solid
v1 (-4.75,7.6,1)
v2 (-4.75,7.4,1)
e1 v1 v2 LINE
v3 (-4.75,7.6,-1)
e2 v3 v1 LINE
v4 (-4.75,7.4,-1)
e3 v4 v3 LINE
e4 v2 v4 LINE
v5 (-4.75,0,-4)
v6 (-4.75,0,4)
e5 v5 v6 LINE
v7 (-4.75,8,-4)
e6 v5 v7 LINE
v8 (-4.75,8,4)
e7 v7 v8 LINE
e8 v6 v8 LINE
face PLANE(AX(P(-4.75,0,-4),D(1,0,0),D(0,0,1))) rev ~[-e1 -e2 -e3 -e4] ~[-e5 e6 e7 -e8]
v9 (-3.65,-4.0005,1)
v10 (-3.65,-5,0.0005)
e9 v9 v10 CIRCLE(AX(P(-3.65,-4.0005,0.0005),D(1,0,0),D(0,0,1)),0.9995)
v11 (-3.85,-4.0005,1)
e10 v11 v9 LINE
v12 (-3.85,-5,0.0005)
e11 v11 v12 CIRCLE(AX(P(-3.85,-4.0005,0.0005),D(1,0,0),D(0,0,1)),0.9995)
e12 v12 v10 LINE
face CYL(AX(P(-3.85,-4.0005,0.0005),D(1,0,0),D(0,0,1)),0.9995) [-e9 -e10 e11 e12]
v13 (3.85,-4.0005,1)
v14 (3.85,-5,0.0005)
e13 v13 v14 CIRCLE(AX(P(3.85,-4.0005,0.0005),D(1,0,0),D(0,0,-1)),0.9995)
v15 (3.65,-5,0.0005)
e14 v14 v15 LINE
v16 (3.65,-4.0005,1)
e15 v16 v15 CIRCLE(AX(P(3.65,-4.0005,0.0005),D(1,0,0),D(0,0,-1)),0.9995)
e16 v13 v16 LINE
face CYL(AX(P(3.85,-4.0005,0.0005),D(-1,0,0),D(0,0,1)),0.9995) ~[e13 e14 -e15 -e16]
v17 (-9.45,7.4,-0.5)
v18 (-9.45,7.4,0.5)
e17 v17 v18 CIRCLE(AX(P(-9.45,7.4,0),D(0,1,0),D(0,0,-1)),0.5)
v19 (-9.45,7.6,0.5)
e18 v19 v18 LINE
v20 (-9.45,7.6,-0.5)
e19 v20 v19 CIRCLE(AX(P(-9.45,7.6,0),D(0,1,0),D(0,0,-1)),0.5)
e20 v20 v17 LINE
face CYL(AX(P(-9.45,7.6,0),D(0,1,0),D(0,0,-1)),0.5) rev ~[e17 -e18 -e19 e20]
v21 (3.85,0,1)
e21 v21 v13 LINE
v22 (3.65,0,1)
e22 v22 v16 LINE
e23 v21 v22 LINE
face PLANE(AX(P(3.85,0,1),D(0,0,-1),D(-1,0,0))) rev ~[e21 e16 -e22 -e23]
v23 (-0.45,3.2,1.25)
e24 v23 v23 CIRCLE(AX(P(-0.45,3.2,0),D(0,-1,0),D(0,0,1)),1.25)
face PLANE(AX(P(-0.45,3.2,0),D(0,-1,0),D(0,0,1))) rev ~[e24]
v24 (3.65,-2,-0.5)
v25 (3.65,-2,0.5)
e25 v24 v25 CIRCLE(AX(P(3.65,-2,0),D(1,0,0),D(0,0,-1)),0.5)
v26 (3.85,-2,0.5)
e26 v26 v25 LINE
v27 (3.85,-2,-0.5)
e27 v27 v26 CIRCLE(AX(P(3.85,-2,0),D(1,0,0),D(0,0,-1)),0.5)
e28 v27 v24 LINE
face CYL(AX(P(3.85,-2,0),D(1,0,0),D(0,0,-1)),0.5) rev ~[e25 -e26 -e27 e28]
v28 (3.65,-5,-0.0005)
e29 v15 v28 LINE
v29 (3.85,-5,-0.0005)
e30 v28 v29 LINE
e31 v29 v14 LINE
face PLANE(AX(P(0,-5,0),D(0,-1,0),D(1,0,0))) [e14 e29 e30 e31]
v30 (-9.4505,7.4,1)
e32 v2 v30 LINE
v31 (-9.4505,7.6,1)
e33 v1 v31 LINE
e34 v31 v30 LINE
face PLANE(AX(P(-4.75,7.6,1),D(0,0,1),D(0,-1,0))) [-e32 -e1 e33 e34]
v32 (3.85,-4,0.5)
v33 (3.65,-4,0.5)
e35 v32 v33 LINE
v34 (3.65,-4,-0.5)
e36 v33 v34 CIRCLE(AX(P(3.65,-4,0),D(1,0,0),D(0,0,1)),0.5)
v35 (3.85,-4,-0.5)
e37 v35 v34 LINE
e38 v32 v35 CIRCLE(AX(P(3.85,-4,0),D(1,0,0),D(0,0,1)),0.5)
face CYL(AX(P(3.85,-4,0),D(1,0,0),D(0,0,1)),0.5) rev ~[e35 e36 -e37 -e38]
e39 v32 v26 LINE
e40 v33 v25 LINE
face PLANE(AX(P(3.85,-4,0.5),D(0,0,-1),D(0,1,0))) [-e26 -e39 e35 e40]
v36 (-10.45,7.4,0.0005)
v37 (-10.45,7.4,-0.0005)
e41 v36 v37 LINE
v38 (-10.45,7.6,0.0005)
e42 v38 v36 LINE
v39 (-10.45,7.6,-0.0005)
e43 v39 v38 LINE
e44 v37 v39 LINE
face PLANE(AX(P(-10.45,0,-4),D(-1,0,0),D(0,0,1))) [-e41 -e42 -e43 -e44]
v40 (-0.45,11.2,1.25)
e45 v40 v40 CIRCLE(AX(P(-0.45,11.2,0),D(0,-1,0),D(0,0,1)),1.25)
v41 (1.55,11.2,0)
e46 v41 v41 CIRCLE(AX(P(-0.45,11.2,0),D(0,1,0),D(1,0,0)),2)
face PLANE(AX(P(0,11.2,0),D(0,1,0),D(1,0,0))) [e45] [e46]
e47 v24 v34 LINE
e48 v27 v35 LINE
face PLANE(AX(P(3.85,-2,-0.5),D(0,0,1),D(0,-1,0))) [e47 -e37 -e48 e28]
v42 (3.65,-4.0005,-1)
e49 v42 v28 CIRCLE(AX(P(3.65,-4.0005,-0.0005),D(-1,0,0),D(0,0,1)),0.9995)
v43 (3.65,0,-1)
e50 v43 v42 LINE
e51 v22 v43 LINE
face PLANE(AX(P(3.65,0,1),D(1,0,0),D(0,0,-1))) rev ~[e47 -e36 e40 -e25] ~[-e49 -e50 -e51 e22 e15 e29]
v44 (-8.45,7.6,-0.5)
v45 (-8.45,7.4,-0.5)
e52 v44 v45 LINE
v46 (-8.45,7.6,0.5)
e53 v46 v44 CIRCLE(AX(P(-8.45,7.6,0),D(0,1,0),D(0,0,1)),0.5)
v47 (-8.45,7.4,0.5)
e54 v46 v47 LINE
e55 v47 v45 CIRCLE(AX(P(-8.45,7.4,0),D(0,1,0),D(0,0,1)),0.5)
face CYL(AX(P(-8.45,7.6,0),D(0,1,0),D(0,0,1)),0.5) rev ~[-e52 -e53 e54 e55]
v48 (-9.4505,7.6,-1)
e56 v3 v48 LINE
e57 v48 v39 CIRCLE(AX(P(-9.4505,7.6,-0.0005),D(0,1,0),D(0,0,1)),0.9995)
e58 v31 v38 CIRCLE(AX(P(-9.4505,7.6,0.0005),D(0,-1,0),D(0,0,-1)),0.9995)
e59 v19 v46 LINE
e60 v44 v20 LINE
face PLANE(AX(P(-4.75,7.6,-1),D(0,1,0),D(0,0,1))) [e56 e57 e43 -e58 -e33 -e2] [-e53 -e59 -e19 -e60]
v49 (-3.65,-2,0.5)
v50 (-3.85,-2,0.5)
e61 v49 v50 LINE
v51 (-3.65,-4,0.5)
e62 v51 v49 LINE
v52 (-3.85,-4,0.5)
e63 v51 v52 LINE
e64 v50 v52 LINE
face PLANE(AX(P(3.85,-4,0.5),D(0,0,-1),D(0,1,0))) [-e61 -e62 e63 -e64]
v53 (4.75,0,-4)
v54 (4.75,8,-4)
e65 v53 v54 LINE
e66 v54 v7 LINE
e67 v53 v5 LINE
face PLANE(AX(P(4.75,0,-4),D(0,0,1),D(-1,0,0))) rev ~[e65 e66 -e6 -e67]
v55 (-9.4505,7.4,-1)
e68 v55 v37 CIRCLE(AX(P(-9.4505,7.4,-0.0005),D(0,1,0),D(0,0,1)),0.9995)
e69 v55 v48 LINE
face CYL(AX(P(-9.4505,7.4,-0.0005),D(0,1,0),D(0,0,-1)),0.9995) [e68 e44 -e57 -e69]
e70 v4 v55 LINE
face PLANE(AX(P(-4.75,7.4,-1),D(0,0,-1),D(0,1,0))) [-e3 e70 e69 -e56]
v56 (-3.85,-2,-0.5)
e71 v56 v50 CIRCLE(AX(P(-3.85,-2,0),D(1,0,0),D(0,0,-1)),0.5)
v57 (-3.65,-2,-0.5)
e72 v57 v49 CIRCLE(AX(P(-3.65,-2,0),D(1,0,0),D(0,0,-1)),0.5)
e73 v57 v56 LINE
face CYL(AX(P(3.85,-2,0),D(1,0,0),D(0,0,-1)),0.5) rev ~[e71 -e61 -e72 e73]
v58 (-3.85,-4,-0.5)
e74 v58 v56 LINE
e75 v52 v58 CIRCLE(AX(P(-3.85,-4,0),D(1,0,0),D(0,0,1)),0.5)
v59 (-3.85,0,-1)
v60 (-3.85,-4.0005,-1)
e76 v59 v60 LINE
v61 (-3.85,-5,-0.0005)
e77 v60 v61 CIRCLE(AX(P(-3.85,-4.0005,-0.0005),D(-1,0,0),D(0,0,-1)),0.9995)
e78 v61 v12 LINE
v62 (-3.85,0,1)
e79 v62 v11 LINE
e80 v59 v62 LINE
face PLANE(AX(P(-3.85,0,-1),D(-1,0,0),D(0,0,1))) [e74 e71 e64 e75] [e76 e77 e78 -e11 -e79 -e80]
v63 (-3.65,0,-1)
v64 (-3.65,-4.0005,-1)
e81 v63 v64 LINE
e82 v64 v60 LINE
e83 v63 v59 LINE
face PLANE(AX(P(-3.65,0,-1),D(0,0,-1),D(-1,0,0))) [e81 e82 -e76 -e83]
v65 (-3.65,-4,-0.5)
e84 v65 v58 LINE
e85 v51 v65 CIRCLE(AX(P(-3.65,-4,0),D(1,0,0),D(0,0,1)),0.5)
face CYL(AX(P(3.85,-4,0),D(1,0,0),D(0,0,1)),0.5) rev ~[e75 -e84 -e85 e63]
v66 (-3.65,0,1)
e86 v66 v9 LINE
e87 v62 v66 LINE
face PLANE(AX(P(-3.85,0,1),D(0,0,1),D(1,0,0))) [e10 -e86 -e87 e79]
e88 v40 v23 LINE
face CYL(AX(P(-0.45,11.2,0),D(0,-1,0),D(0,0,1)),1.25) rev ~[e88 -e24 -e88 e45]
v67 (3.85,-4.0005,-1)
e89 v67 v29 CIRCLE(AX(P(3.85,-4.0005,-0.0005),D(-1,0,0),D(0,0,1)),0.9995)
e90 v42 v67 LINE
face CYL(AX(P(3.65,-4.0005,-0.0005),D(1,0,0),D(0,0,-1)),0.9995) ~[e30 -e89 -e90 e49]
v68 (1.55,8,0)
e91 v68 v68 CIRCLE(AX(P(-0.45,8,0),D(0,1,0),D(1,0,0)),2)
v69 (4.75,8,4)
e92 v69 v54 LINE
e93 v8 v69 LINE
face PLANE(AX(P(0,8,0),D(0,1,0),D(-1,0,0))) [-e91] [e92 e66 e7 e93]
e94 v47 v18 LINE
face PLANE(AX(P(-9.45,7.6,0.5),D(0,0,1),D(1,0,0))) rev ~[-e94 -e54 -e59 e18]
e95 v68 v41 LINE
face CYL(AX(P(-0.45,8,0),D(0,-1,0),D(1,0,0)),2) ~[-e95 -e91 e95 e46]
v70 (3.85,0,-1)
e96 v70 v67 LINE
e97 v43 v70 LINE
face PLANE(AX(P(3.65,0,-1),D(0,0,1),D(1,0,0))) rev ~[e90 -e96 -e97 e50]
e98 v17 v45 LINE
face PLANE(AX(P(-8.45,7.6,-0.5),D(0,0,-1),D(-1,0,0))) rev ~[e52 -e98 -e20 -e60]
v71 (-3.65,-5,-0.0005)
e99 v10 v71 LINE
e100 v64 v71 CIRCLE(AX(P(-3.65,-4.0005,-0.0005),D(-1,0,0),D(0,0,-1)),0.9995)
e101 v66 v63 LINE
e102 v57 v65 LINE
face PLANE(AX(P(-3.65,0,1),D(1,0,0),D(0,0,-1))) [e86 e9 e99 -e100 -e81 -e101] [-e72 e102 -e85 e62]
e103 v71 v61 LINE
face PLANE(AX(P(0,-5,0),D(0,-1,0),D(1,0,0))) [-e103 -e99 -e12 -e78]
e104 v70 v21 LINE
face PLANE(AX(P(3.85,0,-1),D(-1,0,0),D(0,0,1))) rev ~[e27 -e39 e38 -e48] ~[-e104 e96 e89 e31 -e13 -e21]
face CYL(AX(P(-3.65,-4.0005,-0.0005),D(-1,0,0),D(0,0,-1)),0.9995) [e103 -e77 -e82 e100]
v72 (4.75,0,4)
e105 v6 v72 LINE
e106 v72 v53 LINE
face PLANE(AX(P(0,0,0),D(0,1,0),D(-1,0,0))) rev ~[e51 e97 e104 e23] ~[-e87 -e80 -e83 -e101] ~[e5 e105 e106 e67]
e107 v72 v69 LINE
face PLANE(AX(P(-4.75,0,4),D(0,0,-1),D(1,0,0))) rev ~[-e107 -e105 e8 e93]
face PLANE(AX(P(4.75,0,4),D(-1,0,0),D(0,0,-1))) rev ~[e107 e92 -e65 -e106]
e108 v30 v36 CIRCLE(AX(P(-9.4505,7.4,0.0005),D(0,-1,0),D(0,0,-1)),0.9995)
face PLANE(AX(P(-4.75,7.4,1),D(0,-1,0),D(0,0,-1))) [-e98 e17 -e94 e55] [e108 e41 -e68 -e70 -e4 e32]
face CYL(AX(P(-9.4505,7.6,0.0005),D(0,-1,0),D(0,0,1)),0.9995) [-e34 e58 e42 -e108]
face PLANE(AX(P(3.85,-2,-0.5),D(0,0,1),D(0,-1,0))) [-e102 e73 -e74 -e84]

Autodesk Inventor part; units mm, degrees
ref_plane "YZ Plane" through (0, 0, 0) normal (1, 0, 0) x (0, 1, 0)
ref_plane "XZ Plane" through (0, 0, 0) normal (0, 1, 0) x (-1, 0, 0)
ref_plane "XY Plane" through (0, 0, 0) normal (0, 0, 1) x (1, 0, 0)
sketch "Sketch1" plane through (0, 0, 0) normal (0, 1, 0) x (-1, 0, 0)
  line L0 (4.75, 4) -> (-4.75, 4)
  line L1 (-4.75, 4) -> (-4.75, -4)
  line L2 (-4.75, -4) -> (4.75, -4)
  line L3 (4.75, -4) -> (4.75, 4)
  line L4 (4.75, 4) -> (-4.75, -4) construction
  line L5 (-4.75, 4) -> (4.75, -4) construction
  point P0 (0, 0)
  dimension "d0" = 9.5
  dimension "d1" = 8
extrude "Extrusion1" add sketch "Sketch1" along normal blind 8
sketch "Sketch2" plane through (0, 8, 0) normal (0, 1, 0) x (1, 0, 0)
  circle A0 centre (-0.45, 0) radius 2
  line L0 (-4.75, 4) -> (-4.75, -4) projected
  line L1 (4.75, 4) -> (-4.75, 4) projected
  point P0 (0, 0)
  dimension "d4" = 4
  dimension "d5" = 4.3
  dimension "d6" = 4
extrude "Extrusion2" add sketch "Sketch2" along normal blind 3.2
sketch "Sketch3" plane through (-0.45, 11.2, 0) normal (0, 1, 0) x (1, 0, 0)
  point P0 (0.45, 0)
  point P1 (0, 0)
hole "Hole1" at (-0.45, 11.2, 0) direction (0, -1, 0) diameter 2.5 depth 8
sketch "Sketch4" plane through (0, 0, 0) normal (0, -1, 0) x (1, 0, 0)
  line L0 (-3.65, -1) -> (-3.85, -1)
  line L1 (-3.85, -1) -> (-3.85, 1)
  line L2 (-3.85, 1) -> (-3.65, 1)
  line L3 (-3.65, 1) -> (-3.65, -1)
  line L4 (-3.65, -1) -> (-3.85, 1) construction
  line L5 (-3.85, -1) -> (-3.65, 1) construction
  line L6 (3.65, -1) -> (3.85, -1)
  line L7 (3.85, -1) -> (3.85, 1)
  line L8 (3.85, 1) -> (3.65, 1)
  line L9 (3.65, 1) -> (3.65, -1)
  line L10 (3.65, -1) -> (3.85, 1) construction
  line L11 (3.85, -1) -> (3.65, 1) construction
  line L12 (4.75, 4) -> (4.75, -4) projected
  line L13 (-4.75, 4) -> (4.75, 4) projected
  point P0 (0, 0)
  point P1 (-3.75, 0)
  point P2 (3.75, 0)
  point P3 (3.65, 0)
  dimension "d16" = 0.2
  dimension "d17" = 2
  dimension "d18" = 0.2
  dimension "d19" = 2
  dimension "d20" = 7.5
  dimension "d21" = 1
  dimension "d22" = 4
extrude "Extrusion3" add sketch "Sketch4" along normal blind 5
fillet "Fillet1" radius 1 4 edges at (3.75, -5, -1) (3.75, -5, 1) (-3.75, -5, 1) (-3.75, -5, -1)
sketch "Sketch5" plane through (3.85, 0, 1) normal (1, 0, 0) x (0, 0, -1)
  line L0 (1, -2) -> (1, -4) construction
  line L1 (1.5, -2) -> (1.5, -4)
  line L2 (0.5, -4) -> (0.5, -2)
  arc A0 (1.5, -2) -> (0.5, -2) centre (1, -2) ccw
  arc A1 (0.5, -4) -> (1.5, -4) centre (1, -4) ccw
  line L3 (0, 0) -> (0, -4) projected
  arc A2 (0, -4) -> (2, -4) centre (1, -4) ccw projected
  point P0 (1, 0)
  point P1 (1, -3)
  dimension "d26" = 1
  dimension "d27" = 1
  dimension "d28" = 0.5
  dimension "d29" = 0.5
extrude "Extrusion4" cut sketch "Sketch5" against normal through all
sketch "Sketch6" plane through (-4.75, 0, -4) normal (-1, 0, 0) x (0, 0, 1)
  line L0 (3, 7.6) -> (5, 7.6)
  line L1 (5, 7.6) -> (5, 7.4)
  line L2 (5, 7.4) -> (3, 7.4)
  line L3 (3, 7.4) -> (3, 7.6)
  line L4 (3, 7.6) -> (5, 7.4) construction
  line L5 (5, 7.6) -> (3, 7.4) construction
  line L6 (0, 0) -> (0, 8) projected
  line L7 (0, 8) -> (8, 8) projected
  point P0 (4, 0)
  point P1 (4, 7.5)
  dimension "d32" = 2
  dimension "d33" = 0.2
  dimension "d34" = 4
  dimension "d35" = 0.5
extrude "Extrusion5" add sketch "Sketch6" along normal blind 5.7
fillet "Fillet2" radius 1 2 edges at (-10.45, 7.5, 1) (-10.45, 7.5, -1)
sketch "Sketch7" plane through (-4.75, 7.6, 1) normal (0, 1, 0) x (1, 0, 0)
  line L0 (-4.7, 1) -> (-3.7, 1) construction
  line L1 (-4.7, 0.5) -> (-3.7, 0.5)
  line L2 (-3.7, 1.5) -> (-4.7, 1.5)
  arc A0 (-4.7, 1.5) -> (-4.7, 0.5) centre (-4.7, 1) ccw
  arc A1 (-3.7, 0.5) -> (-3.7, 1.5) centre (-3.7, 1) ccw
  line L3 (0, 2) -> (-4.7, 2) projected
  arc A2 (-4.7, 2) -> (-4.7, 0) centre (-4.7, 1) ccw projected
  point P0 (4.75, 1)
  point P1 (-4.2, 1)
  dimension "d39" = 0.5
  dimension "d40" = 1
  dimension "d41" = 0.5
  dimension "d42" = 0.5
extrude "Extrusion6" cut sketch "Sketch7" against normal through all
properties part number "2.5mm jack"
